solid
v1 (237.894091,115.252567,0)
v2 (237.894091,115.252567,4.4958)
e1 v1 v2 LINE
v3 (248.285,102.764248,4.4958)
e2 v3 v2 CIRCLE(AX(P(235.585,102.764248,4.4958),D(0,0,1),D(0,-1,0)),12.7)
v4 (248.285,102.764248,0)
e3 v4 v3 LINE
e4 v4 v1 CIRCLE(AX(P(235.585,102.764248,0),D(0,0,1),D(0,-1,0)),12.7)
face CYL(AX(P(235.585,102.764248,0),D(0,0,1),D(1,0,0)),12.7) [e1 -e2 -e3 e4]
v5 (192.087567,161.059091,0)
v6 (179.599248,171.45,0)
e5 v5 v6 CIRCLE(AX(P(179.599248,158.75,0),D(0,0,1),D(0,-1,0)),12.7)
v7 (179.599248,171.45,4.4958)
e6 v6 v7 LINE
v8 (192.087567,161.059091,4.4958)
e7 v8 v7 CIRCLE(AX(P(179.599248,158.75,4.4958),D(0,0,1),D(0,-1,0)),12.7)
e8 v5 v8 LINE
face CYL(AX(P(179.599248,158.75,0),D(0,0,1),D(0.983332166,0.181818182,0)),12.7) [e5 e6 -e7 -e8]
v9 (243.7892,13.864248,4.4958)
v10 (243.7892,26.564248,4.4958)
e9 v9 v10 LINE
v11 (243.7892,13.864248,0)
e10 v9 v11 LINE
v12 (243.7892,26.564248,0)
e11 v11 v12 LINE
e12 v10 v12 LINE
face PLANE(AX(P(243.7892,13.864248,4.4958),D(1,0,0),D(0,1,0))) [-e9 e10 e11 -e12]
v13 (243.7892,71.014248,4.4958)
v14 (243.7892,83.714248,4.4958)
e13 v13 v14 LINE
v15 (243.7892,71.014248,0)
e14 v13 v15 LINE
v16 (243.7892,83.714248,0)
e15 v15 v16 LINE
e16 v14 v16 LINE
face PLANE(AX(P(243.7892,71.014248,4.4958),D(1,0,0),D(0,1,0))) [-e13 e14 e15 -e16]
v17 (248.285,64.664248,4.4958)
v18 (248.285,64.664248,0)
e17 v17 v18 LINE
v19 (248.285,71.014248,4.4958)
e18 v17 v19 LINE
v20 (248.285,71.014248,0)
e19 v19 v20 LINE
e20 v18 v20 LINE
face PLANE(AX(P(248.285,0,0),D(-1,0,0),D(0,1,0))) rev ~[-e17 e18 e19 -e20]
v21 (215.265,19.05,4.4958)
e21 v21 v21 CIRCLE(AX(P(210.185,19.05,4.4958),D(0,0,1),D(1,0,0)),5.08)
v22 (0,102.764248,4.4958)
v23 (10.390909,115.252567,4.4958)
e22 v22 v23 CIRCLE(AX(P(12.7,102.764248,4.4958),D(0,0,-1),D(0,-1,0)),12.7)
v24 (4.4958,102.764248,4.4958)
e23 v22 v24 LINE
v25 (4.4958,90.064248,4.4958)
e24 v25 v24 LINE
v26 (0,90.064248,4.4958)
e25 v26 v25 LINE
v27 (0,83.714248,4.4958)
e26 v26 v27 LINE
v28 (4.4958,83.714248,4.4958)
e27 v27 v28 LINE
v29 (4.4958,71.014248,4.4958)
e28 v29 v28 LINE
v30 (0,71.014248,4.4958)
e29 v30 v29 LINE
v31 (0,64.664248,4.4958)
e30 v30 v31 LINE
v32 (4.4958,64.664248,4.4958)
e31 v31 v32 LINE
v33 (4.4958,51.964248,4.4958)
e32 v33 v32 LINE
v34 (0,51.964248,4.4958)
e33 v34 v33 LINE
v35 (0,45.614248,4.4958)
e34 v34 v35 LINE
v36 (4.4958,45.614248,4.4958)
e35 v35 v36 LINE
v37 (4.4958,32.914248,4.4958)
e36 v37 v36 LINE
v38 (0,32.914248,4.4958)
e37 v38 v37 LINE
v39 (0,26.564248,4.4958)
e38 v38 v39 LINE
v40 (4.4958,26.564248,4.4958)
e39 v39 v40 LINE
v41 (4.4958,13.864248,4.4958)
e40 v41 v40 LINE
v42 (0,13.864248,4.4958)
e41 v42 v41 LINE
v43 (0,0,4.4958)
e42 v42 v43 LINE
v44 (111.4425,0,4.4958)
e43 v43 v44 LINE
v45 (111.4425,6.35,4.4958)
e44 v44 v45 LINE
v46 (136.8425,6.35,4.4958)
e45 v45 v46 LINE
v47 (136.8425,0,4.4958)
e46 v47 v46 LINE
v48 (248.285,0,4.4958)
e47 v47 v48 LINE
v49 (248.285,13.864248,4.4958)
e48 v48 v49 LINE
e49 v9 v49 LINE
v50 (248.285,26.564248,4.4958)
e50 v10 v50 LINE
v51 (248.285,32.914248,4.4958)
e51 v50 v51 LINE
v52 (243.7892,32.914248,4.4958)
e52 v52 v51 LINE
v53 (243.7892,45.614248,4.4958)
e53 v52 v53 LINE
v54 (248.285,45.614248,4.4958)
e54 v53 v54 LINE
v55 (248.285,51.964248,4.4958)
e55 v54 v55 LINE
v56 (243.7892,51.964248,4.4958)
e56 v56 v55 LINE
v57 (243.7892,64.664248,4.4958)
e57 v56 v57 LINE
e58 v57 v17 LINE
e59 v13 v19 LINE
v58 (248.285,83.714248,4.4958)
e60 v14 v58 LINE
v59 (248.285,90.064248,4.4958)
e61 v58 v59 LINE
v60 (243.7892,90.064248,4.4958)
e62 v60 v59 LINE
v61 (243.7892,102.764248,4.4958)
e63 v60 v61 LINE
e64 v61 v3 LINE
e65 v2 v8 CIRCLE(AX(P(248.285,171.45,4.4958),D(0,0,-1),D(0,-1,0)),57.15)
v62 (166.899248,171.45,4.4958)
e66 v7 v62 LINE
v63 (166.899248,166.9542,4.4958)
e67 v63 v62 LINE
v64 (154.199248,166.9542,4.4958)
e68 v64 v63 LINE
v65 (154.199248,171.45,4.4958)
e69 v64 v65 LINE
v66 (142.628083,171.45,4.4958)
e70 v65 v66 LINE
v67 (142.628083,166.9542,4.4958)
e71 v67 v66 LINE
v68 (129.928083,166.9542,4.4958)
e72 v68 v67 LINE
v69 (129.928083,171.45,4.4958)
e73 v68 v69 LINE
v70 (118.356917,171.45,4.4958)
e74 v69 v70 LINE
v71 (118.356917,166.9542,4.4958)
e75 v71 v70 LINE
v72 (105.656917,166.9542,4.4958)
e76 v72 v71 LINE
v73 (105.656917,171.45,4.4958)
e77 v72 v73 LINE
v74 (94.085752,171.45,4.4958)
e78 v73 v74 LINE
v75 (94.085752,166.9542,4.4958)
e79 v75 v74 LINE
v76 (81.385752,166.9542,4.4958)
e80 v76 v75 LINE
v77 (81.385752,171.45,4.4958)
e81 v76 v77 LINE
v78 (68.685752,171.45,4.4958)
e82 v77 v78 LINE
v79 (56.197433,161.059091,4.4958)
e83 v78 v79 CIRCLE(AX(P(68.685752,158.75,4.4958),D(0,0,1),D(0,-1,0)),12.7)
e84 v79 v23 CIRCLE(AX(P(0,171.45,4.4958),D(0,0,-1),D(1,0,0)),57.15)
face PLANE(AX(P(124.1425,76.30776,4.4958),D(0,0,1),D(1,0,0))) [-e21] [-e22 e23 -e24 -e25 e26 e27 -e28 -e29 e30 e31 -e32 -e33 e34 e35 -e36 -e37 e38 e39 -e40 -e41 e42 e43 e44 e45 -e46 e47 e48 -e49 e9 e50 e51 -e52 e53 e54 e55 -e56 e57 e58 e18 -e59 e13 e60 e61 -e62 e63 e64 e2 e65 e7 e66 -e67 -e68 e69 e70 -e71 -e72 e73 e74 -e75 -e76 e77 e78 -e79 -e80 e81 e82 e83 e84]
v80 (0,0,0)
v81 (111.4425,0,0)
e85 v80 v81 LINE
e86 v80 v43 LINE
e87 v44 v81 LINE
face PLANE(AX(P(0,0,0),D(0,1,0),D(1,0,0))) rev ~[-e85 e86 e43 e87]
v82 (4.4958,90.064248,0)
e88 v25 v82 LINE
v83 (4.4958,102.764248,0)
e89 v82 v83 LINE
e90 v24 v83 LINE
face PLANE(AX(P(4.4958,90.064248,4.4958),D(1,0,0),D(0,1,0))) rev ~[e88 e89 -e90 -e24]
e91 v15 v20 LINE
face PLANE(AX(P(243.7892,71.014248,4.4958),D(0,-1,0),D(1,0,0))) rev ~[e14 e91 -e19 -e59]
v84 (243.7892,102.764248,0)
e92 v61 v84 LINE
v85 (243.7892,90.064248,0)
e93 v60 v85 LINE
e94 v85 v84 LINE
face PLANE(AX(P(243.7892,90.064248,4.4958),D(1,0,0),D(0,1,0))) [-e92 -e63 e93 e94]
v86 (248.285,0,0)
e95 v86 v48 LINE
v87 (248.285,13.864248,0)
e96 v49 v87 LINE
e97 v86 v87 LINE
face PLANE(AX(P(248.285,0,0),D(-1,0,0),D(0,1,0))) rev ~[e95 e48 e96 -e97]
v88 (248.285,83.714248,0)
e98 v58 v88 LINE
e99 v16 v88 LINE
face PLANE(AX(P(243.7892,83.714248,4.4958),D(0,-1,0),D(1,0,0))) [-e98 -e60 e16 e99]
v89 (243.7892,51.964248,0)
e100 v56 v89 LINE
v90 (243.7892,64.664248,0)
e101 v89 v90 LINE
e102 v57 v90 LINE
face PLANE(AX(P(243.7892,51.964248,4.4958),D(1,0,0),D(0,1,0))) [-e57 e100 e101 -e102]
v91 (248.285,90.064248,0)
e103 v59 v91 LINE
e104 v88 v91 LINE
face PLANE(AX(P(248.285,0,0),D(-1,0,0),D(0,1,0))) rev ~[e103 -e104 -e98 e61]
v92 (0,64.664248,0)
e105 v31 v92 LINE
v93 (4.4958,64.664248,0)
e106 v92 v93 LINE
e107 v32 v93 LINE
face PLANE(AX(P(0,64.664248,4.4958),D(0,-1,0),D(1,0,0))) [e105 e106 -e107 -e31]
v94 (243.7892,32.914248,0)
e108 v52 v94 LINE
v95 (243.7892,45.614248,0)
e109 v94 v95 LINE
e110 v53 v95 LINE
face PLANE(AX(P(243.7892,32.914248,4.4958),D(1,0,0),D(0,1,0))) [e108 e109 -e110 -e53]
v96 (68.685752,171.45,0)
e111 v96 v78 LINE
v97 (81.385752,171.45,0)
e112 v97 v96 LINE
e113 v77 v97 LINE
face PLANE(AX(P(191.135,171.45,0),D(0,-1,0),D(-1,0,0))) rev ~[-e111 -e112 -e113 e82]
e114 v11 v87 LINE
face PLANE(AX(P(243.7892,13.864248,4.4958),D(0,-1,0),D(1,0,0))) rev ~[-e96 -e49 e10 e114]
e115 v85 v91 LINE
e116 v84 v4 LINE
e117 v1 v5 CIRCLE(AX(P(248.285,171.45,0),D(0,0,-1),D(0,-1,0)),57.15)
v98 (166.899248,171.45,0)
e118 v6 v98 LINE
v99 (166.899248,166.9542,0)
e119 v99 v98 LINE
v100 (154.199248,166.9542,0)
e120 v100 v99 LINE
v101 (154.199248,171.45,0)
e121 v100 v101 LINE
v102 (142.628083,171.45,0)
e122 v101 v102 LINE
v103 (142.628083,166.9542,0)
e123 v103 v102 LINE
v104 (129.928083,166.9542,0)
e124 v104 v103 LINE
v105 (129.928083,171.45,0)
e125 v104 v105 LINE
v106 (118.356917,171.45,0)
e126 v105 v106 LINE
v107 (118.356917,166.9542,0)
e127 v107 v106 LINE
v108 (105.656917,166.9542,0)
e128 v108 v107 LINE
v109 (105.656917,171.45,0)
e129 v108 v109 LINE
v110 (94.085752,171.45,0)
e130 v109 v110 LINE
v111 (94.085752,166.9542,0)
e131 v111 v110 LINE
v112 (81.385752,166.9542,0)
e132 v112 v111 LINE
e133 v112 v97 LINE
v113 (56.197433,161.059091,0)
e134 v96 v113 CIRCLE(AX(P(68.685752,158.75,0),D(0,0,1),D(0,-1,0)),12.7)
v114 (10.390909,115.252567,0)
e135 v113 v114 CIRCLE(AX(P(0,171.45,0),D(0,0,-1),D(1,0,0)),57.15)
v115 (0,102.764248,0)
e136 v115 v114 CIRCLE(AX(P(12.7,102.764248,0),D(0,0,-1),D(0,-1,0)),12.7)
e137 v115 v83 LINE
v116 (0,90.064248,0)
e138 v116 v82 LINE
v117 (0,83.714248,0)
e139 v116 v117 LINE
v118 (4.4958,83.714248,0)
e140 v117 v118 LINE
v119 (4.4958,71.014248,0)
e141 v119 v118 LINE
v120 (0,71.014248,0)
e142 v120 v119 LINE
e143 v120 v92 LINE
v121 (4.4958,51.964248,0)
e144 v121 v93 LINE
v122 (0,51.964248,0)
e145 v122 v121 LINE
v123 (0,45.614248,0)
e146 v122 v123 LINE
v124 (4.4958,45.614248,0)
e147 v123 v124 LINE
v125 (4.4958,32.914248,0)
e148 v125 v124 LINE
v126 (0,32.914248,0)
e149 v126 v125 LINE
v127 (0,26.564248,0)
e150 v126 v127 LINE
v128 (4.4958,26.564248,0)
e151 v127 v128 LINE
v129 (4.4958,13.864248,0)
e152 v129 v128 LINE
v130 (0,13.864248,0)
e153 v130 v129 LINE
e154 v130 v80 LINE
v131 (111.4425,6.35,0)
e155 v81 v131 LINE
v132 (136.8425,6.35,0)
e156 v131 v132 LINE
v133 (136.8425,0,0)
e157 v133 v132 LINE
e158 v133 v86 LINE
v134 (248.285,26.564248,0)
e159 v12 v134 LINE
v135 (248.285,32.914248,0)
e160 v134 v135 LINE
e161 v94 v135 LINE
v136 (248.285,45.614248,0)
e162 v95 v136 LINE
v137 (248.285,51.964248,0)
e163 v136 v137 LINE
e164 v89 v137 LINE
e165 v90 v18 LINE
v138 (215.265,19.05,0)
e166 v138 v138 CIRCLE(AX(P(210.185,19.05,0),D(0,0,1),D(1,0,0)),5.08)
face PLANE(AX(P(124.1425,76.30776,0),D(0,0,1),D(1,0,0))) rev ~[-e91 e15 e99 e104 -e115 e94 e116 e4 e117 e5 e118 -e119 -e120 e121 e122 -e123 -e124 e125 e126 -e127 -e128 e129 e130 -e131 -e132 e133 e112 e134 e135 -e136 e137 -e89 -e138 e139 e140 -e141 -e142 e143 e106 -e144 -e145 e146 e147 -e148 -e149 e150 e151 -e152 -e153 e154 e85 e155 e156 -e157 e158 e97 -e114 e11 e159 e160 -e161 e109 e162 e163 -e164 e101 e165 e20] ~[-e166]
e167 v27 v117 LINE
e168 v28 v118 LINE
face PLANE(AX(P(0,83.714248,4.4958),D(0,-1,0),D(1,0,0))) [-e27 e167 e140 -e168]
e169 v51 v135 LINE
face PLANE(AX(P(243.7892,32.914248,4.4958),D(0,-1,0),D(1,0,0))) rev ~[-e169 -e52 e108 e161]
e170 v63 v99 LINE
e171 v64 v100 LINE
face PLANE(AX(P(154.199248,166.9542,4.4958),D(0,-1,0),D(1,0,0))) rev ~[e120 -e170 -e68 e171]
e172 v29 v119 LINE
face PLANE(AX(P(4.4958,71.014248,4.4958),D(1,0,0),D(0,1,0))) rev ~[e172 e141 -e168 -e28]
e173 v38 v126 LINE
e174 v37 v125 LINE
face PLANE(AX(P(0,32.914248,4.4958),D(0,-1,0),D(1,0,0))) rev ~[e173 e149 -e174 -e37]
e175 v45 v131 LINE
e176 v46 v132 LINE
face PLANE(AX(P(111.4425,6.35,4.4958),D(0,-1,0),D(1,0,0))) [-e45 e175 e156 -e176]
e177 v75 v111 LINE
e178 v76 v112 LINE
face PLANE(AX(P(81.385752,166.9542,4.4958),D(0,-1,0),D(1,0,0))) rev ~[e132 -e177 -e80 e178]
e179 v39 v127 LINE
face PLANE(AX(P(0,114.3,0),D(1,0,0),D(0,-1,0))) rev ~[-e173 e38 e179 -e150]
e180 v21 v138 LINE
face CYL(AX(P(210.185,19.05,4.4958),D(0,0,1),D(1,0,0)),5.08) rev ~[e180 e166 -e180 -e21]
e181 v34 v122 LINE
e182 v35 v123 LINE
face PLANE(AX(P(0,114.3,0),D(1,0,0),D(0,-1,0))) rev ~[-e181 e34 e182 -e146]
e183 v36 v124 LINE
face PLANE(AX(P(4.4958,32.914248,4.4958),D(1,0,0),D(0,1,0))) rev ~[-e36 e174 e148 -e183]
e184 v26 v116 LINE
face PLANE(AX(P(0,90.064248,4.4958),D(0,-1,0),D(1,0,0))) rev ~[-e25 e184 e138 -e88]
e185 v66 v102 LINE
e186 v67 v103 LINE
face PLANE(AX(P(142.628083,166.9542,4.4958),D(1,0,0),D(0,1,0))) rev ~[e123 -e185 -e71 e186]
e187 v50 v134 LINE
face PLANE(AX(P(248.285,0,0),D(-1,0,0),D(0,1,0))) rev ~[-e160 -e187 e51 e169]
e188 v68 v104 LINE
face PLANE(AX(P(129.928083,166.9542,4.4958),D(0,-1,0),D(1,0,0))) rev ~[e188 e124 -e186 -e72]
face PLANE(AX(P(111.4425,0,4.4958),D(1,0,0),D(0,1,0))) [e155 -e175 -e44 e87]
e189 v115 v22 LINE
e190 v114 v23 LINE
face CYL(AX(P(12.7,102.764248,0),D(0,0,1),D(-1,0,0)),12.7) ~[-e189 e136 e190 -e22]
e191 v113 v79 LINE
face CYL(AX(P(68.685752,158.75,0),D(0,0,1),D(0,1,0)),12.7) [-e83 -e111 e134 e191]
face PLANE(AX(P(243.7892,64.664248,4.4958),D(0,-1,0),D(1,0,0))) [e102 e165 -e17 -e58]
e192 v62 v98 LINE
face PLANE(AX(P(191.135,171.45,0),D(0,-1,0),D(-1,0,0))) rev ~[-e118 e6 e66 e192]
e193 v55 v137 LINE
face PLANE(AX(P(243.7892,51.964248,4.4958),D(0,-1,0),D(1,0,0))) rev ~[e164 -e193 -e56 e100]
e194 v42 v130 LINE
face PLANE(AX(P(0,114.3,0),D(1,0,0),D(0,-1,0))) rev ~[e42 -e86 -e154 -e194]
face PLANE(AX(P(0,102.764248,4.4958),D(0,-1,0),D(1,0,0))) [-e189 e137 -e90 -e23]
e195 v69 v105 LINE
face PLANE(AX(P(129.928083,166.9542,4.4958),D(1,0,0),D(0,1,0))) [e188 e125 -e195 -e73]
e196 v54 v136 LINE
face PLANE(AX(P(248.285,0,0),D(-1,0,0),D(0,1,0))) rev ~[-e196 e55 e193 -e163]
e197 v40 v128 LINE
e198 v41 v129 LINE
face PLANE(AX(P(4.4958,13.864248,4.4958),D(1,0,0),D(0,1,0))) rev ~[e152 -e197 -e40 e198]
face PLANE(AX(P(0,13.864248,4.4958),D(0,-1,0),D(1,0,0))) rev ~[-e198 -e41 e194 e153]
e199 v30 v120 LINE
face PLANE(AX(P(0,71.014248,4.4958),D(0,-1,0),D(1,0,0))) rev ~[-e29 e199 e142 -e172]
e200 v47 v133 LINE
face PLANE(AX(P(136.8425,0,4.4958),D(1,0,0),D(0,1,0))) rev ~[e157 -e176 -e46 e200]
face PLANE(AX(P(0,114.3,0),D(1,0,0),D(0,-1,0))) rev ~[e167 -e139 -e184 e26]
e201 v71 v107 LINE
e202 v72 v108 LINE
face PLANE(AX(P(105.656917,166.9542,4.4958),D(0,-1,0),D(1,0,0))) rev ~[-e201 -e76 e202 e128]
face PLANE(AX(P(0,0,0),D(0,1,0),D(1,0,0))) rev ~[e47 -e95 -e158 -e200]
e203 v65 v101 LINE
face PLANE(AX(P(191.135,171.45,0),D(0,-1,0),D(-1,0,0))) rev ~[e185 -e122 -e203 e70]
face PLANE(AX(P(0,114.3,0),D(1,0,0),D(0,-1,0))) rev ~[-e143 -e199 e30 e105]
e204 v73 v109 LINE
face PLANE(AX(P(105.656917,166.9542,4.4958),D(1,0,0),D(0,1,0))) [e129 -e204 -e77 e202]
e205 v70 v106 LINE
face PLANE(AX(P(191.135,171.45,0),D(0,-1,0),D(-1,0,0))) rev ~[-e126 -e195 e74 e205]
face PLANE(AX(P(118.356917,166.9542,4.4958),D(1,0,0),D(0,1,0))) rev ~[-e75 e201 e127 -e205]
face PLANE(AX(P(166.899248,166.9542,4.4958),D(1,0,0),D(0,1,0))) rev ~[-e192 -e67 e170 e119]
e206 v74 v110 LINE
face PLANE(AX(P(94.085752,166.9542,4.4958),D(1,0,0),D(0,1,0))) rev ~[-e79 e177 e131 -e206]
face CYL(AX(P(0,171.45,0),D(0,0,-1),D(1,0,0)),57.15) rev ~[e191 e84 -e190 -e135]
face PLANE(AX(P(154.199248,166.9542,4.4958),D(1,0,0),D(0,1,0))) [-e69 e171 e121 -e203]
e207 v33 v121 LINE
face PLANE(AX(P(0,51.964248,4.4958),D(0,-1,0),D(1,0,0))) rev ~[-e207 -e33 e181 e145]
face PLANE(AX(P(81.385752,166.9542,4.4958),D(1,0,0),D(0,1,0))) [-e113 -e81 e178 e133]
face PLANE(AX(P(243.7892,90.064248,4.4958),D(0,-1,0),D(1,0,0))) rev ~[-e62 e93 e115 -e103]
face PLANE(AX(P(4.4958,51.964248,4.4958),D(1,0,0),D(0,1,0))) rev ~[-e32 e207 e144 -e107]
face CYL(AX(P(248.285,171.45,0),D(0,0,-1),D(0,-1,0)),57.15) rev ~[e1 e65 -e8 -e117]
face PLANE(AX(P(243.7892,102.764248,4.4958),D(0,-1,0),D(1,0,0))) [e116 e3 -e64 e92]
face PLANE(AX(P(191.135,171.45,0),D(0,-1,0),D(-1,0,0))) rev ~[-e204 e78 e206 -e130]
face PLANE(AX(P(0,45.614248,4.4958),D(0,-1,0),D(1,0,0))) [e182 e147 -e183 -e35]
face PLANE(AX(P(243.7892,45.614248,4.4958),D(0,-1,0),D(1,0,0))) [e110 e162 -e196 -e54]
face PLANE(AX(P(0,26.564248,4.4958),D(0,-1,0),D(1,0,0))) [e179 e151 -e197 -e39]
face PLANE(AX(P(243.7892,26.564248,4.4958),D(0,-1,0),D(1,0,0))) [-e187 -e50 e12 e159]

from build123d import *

# Parameters (mm, degrees)
BOSS_EXTRUDE1_DEPTH = 4.4958
FILLET1_R           = 12.7
SKETCH2_W           = 4.4958
SKETCH2_H           = 12.7
CUT_EXTRUDE1_DEPTH  = 302.762747772
SKETCH3_W           = 12.7
SKETCH3_H           = 4.4958
CUT_EXTRUDE2_DEPTH  = 302.762747772
SKETCH4_R           = 5.08
CUT_EXTRUDE3_DEPTH  = 302.762747772
SKETCH5_W           = 25.4
SKETCH5_H           = 6.35
CUT_EXTRUDE4_DEPTH  = 302.762747772


with BuildPart() as part:
    # Sketch1 → Boss-Extrude1 (new body)
    with BuildSketch(Plane.XY):
        with BuildLine():
            Line((0, 114.3), (0, 0))
            Line((0, 0), (248.285, 0))
            Line((248.285, 0), (248.285, 114.3))
            ThreePointArc((248.285, 114.3), (207.873847455, 131.038847455), (191.135, 171.45))
            Line((191.135, 171.45), (57.15, 171.45))
            ThreePointArc((57.15, 171.45), (40.411152545, 131.038847455), (0, 114.3))
        make_face()
    extrude(amount=BOSS_EXTRUDE1_DEPTH)

    # Fillet1
    fillet1_edges = [part.edges().sort_by_distance(p)[0] for p in [
        (248.285, 114.3, 2.2479),
        (0, 114.3, 2.2479),
        (57.15, 171.45, 2.2479),
        (191.135, 171.45, 2.2479),
    ]]
    fillet(fillet1_edges, radius=FILLET1_R)

    # Sketch2 → Cut-Extrude1 (cut, through all)
    with BuildSketch(Plane.XY.offset(4.4958)):
        with Locations((246.0371, 96.414248202)):
            Rectangle(SKETCH2_W, SKETCH2_H)
        with Locations((246.0371, 77.364248202)):
            Rectangle(SKETCH2_W, SKETCH2_H)
        with Locations((246.0371, 39.264248202)):
            Rectangle(SKETCH2_W, SKETCH2_H)
        with Locations((246.0371, 58.314248202)):
            Rectangle(SKETCH2_W, SKETCH2_H)
        with Locations((246.0371, 20.214248202)):
            Rectangle(SKETCH2_W, SKETCH2_H)
        with Locations((2.2479, 96.414248202)):
            Rectangle(SKETCH2_W, SKETCH2_H)
        with Locations((2.2479, 77.364248202)):
            Rectangle(SKETCH2_W, SKETCH2_H)
        with Locations((2.2479, 58.314248202)):
            Rectangle(SKETCH2_W, SKETCH2_H)
        with Locations((2.2479, 39.264248202)):
            Rectangle(SKETCH2_W, SKETCH2_H)
        with Locations((2.2479, 20.214248202)):
            Rectangle(SKETCH2_W, SKETCH2_H)
    extrude(amount=-CUT_EXTRUDE1_DEPTH, mode=Mode.SUBTRACT)

    # Sketch3 → Cut-Extrude2 (cut, through all)
    with BuildSketch(Plane.XY.offset(4.4958)):
        with Locations((112.006917266, 169.2021)):
            Rectangle(SKETCH3_W, SKETCH3_H)
        with Locations((87.735751798, 169.2021)):
            Rectangle(SKETCH3_W, SKETCH3_H)
        with Locations((136.278082734, 169.2021)):
            Rectangle(SKETCH3_W, SKETCH3_H)
        with Locations((160.549248202, 169.2021)):
            Rectangle(SKETCH3_W, SKETCH3_H)
    extrude(amount=-CUT_EXTRUDE2_DEPTH, mode=Mode.SUBTRACT)

    # Sketch4 → Cut-Extrude3 (cut, through all)
    with BuildSketch(Plane.XY.offset(4.4958)):
        with Locations((210.185, 19.05)):
            Circle(SKETCH4_R)
    extrude(amount=-CUT_EXTRUDE3_DEPTH, mode=Mode.SUBTRACT)

    # Sketch5 → Cut-Extrude4 (cut, through all)
    with BuildSketch(Plane.XY.offset(4.4958)):
        with Locations((124.1425, 3.175)):
            Rectangle(SKETCH5_W, SKETCH5_H)
    extrude(amount=-CUT_EXTRUDE4_DEPTH, mode=Mode.SUBTRACT)


solid = part.part
